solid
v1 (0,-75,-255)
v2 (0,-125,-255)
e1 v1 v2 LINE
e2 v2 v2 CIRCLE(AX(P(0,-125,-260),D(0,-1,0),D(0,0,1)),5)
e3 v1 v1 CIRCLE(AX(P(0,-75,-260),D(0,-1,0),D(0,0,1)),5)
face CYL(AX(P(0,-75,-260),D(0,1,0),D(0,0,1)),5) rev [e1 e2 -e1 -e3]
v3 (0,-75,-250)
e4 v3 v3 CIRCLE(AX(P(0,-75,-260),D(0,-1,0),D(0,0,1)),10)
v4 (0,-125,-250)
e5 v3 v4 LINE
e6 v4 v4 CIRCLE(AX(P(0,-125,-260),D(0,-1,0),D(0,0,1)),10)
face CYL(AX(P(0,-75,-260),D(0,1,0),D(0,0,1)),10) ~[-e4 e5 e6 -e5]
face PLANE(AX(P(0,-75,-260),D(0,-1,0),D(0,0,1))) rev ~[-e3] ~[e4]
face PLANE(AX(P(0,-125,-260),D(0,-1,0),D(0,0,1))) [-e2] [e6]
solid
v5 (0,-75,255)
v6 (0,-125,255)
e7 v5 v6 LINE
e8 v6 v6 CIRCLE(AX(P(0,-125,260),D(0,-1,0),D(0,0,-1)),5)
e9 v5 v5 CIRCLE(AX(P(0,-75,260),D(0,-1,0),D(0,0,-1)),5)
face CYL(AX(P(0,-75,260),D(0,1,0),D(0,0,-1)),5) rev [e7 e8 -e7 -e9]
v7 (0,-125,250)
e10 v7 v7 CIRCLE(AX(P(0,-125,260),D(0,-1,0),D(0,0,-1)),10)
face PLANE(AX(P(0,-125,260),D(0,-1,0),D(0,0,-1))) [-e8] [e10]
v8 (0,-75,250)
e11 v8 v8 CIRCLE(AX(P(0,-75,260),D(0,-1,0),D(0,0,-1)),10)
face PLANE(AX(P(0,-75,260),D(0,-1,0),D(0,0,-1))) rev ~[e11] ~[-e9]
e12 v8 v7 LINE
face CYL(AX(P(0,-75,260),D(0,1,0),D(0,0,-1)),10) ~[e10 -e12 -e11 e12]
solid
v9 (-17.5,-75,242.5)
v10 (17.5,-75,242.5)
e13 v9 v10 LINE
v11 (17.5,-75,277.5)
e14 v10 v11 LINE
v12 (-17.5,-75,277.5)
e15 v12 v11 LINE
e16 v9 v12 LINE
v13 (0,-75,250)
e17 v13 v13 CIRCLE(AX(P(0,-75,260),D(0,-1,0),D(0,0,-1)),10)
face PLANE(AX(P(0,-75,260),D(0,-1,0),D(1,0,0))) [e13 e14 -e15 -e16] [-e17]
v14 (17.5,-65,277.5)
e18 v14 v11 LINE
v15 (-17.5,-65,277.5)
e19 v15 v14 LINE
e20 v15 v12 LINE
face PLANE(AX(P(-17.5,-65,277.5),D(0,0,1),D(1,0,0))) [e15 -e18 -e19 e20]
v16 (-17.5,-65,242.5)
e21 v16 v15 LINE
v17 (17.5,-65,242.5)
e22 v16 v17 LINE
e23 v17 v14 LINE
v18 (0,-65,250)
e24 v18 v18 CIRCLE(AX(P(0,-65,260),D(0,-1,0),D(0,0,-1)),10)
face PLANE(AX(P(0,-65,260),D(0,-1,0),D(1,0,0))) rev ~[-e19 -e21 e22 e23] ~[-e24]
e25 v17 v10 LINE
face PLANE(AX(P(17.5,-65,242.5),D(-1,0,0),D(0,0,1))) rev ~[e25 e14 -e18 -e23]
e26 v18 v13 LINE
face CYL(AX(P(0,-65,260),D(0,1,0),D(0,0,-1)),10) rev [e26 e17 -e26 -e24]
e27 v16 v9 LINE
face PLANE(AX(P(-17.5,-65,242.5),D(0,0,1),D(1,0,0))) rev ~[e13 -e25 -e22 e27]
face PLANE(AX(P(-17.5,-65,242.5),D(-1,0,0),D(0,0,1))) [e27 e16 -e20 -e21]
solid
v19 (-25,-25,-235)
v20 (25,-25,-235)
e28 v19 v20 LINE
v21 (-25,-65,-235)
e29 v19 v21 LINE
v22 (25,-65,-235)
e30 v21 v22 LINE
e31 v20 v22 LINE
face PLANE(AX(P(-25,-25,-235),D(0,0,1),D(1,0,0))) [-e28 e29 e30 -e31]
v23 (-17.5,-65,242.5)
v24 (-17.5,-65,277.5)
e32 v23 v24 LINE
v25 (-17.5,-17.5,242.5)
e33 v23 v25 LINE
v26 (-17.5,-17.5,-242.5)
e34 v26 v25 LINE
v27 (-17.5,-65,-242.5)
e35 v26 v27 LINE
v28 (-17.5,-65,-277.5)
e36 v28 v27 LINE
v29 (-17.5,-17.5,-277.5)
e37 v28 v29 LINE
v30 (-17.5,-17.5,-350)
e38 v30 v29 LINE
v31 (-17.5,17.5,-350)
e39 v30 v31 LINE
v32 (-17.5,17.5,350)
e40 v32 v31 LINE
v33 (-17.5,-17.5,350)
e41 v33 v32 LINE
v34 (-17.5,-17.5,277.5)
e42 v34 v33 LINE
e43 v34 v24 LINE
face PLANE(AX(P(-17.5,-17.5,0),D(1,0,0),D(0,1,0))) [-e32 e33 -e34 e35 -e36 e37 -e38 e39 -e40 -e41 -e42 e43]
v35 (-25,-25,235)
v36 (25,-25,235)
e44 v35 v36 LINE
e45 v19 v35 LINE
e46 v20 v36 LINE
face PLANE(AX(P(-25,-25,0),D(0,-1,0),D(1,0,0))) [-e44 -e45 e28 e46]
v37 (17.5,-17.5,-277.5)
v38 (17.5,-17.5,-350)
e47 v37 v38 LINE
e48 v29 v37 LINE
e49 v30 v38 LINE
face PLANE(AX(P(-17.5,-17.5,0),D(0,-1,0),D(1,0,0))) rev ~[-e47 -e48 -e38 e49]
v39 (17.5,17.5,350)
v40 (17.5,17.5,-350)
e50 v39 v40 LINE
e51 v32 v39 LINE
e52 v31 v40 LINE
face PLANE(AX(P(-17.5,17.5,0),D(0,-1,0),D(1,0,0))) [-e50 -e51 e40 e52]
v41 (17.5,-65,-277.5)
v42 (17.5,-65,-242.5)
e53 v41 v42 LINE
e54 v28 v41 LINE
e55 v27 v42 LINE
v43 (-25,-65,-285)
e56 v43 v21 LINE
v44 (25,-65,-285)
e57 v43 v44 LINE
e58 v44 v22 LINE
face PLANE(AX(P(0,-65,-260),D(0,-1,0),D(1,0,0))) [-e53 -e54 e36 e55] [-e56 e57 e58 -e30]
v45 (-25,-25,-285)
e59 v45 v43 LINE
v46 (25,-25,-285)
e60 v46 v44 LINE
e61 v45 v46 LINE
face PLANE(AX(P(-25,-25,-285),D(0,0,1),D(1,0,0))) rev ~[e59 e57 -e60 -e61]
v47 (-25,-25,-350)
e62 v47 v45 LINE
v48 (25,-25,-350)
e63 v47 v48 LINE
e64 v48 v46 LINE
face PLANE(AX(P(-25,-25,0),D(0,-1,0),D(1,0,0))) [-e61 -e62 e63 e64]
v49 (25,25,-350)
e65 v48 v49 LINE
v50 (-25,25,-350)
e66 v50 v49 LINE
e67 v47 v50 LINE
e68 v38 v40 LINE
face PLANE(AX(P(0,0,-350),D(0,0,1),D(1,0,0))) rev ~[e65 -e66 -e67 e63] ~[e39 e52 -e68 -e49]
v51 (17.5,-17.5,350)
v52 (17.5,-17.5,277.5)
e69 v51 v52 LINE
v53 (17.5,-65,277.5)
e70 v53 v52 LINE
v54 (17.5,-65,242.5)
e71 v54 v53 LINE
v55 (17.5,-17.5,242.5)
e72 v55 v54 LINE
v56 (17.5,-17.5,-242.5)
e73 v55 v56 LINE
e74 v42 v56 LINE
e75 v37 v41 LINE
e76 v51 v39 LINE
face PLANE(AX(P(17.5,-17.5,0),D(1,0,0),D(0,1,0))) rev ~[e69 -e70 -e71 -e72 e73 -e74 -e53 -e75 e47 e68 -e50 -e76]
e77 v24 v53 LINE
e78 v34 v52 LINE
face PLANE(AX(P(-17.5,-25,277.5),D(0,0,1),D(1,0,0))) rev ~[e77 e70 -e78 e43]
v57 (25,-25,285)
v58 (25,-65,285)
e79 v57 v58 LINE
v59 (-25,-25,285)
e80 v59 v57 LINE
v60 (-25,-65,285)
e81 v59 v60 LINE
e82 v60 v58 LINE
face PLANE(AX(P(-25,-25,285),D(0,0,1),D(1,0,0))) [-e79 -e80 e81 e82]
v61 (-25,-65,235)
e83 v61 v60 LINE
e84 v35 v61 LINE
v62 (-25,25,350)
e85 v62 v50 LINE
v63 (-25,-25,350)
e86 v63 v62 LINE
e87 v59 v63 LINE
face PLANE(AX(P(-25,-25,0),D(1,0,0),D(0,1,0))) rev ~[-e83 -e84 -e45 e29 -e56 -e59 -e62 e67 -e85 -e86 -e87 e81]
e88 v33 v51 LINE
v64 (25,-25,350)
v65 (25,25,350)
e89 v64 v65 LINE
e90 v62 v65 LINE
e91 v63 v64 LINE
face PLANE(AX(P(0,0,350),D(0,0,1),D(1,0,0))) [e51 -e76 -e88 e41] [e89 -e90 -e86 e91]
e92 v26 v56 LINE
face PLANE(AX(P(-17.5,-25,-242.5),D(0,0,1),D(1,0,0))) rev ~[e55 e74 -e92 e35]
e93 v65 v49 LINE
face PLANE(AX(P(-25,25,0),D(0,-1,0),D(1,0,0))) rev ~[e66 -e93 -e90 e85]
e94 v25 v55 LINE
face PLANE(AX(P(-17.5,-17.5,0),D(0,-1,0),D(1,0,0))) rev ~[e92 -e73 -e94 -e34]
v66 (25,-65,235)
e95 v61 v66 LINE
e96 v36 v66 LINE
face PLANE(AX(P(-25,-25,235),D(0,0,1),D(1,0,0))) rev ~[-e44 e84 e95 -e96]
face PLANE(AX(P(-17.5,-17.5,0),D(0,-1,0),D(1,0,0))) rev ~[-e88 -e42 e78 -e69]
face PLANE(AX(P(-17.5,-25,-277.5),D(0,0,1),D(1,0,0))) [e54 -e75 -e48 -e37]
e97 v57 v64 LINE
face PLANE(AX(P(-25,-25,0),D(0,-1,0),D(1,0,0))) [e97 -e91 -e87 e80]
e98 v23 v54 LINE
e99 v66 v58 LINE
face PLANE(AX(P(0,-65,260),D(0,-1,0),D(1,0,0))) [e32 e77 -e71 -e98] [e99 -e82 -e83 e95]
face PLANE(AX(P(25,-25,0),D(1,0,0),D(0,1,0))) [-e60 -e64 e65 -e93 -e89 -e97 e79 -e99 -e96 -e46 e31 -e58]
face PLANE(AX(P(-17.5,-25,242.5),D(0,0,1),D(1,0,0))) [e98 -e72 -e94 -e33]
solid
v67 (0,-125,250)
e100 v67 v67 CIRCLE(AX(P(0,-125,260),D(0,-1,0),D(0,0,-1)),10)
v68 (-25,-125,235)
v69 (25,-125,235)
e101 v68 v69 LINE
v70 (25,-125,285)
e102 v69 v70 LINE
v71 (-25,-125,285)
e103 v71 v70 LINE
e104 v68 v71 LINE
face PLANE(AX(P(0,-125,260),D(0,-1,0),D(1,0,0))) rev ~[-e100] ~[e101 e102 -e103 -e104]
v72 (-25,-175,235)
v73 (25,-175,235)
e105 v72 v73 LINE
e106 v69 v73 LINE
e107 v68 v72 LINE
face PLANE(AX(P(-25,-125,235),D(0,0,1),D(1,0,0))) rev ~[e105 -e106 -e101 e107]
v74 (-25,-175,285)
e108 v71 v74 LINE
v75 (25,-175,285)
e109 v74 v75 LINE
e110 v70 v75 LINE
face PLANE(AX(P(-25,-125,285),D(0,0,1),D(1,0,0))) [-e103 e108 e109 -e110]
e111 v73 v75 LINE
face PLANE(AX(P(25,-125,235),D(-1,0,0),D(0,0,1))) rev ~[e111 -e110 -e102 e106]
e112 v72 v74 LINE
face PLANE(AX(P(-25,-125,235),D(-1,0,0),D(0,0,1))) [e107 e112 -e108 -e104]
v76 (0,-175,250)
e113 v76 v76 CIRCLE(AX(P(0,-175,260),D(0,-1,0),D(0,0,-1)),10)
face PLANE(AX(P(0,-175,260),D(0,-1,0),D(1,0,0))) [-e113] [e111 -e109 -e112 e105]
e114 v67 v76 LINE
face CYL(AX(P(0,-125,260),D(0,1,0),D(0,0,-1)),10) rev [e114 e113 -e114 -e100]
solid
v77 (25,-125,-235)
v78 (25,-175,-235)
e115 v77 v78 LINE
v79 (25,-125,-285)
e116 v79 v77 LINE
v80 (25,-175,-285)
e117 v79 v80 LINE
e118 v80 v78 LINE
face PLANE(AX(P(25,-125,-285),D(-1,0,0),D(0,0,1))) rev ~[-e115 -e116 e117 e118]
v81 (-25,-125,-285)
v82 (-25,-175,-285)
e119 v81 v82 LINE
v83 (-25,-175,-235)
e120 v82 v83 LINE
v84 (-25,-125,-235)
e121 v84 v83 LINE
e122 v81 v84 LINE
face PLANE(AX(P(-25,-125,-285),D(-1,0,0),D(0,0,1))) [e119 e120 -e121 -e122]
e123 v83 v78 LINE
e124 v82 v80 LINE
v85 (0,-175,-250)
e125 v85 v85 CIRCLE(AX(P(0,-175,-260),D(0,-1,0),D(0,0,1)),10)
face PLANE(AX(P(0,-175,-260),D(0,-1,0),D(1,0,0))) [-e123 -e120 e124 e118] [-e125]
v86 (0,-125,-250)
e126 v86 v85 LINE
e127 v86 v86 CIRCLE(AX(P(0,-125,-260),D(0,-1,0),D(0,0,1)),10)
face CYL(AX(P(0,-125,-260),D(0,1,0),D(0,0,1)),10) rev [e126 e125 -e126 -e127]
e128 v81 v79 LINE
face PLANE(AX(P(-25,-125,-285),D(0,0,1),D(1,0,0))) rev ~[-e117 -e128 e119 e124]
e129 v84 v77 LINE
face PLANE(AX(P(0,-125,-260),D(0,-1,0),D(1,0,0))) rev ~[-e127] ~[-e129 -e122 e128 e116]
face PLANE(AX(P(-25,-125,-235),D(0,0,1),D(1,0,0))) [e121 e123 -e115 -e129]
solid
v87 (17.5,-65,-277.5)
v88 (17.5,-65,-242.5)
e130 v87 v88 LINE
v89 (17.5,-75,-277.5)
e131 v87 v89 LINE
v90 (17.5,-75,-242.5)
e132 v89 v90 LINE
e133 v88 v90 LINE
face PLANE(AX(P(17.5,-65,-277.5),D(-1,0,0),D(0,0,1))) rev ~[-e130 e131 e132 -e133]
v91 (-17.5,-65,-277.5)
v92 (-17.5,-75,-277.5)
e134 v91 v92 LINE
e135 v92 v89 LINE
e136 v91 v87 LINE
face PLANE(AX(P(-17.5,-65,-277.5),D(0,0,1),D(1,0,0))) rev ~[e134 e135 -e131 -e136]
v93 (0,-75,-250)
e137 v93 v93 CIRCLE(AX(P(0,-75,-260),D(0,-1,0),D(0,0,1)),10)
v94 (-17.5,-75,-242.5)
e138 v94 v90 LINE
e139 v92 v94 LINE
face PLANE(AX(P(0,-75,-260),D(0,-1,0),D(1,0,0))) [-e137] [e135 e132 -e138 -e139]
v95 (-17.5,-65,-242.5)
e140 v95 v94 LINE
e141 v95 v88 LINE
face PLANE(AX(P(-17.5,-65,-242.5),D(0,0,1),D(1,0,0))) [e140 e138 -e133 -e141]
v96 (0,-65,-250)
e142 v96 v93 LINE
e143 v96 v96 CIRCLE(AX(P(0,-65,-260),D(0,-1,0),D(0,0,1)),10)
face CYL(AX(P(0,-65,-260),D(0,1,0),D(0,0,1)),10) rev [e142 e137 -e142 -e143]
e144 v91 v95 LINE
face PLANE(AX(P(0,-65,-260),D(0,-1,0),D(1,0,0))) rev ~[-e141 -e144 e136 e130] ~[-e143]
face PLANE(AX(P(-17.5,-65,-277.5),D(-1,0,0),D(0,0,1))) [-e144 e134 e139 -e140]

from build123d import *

# Parameters (mm, degrees)
SKETCH_1_W          = 50
SKETCH_1_H          = 50
SKETCH_1_W_2        = 35
SKETCH_1_H_2        = 35
EXTRUDE_1_DEPTH     = 350
SKETCH_2_W          = 50
SKETCH_2_H          = 50
SKETCH_2_W_2        = 35
SKETCH_2_H_2        = 35
EXTRUDE_2_DEPTH     = 40
SKETCH_3_W          = 35
SKETCH_3_H          = 35
CUT_EXTRUDE_1_DEPTH = 70
SKETCH_4_W          = 35
SKETCH_4_H          = 35
SKETCH_4_R          = 10
EXTRUDE_3_DEPTH     = 10
EXTRUDE_3_2_DEPTH   = 10
SKETCH_5_R          = 10
SKETCH_5_R_2        = 5
EXTRUDE_4_DEPTH     = 50
EXTRUDE_4_2_DEPTH   = 50
SKETCH_6_W          = 50
SKETCH_6_H          = 50
SKETCH_6_R          = 10
EXTRUDE_5_DEPTH     = 50
EXTRUDE_5_2_DEPTH   = 50


with BuildPart() as part:
    # Эскиз1 → Бобышка-Вытянуть1 (new, symmetric)
    with BuildSketch(Plane.XY):
        Rectangle(SKETCH_1_W, SKETCH_1_H)
        Rectangle(SKETCH_1_W_2, SKETCH_1_H_2, mode=Mode.SUBTRACT)
    extrude(amount=EXTRUDE_1_DEPTH, both=True)

    # Эскиз2 → Бобышка-Вытянуть2 (add)
    # profile 1 of 2: a face of its own
    with BuildSketch(Plane.XZ.offset(25)):
        with Locations((0, -260)):
            Rectangle(SKETCH_2_W, SKETCH_2_H)
        with Locations((0, -260)):
            Rectangle(SKETCH_2_W_2, SKETCH_2_H_2, mode=Mode.SUBTRACT)
    # profile 2 of 2: a face of its own
    with BuildSketch(Plane.XZ.offset(25)):
        with Locations((0, 260)):
            Rectangle(SKETCH_2_W, SKETCH_2_H)
        with Locations((0, 260)):
            Rectangle(SKETCH_2_W_2, SKETCH_2_H_2, mode=Mode.SUBTRACT)
    extrude(amount=EXTRUDE_2_DEPTH)

    # Эскиз3 → Вырез-Вытянуть1 (cut)
    with BuildSketch(Plane.XZ.offset(65)):
        with Locations((0, 260)):
            Rectangle(SKETCH_3_W, SKETCH_3_H)
        with Locations((0, -260)):
            Rectangle(SKETCH_3_W, SKETCH_3_H)
    extrude(amount=-CUT_EXTRUDE_1_DEPTH, mode=Mode.SUBTRACT)


with BuildPart() as body_2:
    # Эскиз4 → Бобышка-Вытянуть3 (new body)
    with BuildSketch(Plane.XZ.offset(65)):
        with Locations((0, 260)):
            Rectangle(SKETCH_4_W, SKETCH_4_H)
        with Locations(Location((0, 260, 0), (0, 0, 270))):
            Circle(SKETCH_4_R, mode=Mode.SUBTRACT)
    extrude(amount=EXTRUDE_3_DEPTH)


with BuildPart() as body_3:
    # Эскиз4 → Extrude 3 2 (new body)
    with BuildSketch(Plane.XZ.offset(65)):
        with Locations((0, -260)):
            Rectangle(SKETCH_4_W, SKETCH_4_H)
        with Locations(Location((0, -260, 0), (0, 0, 90))):
            Circle(SKETCH_4_R, mode=Mode.SUBTRACT)
    extrude(amount=EXTRUDE_3_2_DEPTH)


with BuildPart() as body_4:
    # Эскиз5 → Бобышка-Вытянуть4 (new body)
    with BuildSketch(Plane.XZ.offset(75)):
        with Locations(Location((0, 260, 0), (0, 0, 270))):
            Circle(SKETCH_5_R)
        with Locations(Location((0, 260, 0), (0, 0, 270))):
            Circle(SKETCH_5_R_2, mode=Mode.SUBTRACT)
    extrude(amount=EXTRUDE_4_DEPTH)


with BuildPart() as body_5:
    # Эскиз5 → Extrude 4 2 (new body)
    with BuildSketch(Plane.XZ.offset(75)):
        with Locations(Location((0, -260, 0), (0, 0, 90))):
            Circle(SKETCH_5_R)
        with Locations(Location((0, -260, 0), (0, 0, 90))):
            Circle(SKETCH_5_R_2, mode=Mode.SUBTRACT)
    extrude(amount=EXTRUDE_4_2_DEPTH)


with BuildPart() as body_6:
    # Эскиз6 → Бобышка-Вытянуть5 (new body)
    with BuildSketch(Plane.XZ.offset(125)):
        with Locations((0, 260)):
            Rectangle(SKETCH_6_W, SKETCH_6_H)
        with Locations(Location((0, 260, 0), (0, 0, 270))):
            Circle(SKETCH_6_R, mode=Mode.SUBTRACT)
    extrude(amount=EXTRUDE_5_DEPTH)


with BuildPart() as body_7:
    # Эскиз6 → Extrude 5 2 (new body)
    with BuildSketch(Plane.XZ.offset(125)):
        with Locations((0, -260)):
            Rectangle(SKETCH_6_W, SKETCH_6_H)
        with Locations(Location((0, -260, 0), (0, 0, 90))):
            Circle(SKETCH_6_R, mode=Mode.SUBTRACT)
    extrude(amount=EXTRUDE_5_2_DEPTH)


solid = Compound([part.part, body_2.part, body_3.part, body_4.part, body_5.part, body_6.part, body_7.part])
